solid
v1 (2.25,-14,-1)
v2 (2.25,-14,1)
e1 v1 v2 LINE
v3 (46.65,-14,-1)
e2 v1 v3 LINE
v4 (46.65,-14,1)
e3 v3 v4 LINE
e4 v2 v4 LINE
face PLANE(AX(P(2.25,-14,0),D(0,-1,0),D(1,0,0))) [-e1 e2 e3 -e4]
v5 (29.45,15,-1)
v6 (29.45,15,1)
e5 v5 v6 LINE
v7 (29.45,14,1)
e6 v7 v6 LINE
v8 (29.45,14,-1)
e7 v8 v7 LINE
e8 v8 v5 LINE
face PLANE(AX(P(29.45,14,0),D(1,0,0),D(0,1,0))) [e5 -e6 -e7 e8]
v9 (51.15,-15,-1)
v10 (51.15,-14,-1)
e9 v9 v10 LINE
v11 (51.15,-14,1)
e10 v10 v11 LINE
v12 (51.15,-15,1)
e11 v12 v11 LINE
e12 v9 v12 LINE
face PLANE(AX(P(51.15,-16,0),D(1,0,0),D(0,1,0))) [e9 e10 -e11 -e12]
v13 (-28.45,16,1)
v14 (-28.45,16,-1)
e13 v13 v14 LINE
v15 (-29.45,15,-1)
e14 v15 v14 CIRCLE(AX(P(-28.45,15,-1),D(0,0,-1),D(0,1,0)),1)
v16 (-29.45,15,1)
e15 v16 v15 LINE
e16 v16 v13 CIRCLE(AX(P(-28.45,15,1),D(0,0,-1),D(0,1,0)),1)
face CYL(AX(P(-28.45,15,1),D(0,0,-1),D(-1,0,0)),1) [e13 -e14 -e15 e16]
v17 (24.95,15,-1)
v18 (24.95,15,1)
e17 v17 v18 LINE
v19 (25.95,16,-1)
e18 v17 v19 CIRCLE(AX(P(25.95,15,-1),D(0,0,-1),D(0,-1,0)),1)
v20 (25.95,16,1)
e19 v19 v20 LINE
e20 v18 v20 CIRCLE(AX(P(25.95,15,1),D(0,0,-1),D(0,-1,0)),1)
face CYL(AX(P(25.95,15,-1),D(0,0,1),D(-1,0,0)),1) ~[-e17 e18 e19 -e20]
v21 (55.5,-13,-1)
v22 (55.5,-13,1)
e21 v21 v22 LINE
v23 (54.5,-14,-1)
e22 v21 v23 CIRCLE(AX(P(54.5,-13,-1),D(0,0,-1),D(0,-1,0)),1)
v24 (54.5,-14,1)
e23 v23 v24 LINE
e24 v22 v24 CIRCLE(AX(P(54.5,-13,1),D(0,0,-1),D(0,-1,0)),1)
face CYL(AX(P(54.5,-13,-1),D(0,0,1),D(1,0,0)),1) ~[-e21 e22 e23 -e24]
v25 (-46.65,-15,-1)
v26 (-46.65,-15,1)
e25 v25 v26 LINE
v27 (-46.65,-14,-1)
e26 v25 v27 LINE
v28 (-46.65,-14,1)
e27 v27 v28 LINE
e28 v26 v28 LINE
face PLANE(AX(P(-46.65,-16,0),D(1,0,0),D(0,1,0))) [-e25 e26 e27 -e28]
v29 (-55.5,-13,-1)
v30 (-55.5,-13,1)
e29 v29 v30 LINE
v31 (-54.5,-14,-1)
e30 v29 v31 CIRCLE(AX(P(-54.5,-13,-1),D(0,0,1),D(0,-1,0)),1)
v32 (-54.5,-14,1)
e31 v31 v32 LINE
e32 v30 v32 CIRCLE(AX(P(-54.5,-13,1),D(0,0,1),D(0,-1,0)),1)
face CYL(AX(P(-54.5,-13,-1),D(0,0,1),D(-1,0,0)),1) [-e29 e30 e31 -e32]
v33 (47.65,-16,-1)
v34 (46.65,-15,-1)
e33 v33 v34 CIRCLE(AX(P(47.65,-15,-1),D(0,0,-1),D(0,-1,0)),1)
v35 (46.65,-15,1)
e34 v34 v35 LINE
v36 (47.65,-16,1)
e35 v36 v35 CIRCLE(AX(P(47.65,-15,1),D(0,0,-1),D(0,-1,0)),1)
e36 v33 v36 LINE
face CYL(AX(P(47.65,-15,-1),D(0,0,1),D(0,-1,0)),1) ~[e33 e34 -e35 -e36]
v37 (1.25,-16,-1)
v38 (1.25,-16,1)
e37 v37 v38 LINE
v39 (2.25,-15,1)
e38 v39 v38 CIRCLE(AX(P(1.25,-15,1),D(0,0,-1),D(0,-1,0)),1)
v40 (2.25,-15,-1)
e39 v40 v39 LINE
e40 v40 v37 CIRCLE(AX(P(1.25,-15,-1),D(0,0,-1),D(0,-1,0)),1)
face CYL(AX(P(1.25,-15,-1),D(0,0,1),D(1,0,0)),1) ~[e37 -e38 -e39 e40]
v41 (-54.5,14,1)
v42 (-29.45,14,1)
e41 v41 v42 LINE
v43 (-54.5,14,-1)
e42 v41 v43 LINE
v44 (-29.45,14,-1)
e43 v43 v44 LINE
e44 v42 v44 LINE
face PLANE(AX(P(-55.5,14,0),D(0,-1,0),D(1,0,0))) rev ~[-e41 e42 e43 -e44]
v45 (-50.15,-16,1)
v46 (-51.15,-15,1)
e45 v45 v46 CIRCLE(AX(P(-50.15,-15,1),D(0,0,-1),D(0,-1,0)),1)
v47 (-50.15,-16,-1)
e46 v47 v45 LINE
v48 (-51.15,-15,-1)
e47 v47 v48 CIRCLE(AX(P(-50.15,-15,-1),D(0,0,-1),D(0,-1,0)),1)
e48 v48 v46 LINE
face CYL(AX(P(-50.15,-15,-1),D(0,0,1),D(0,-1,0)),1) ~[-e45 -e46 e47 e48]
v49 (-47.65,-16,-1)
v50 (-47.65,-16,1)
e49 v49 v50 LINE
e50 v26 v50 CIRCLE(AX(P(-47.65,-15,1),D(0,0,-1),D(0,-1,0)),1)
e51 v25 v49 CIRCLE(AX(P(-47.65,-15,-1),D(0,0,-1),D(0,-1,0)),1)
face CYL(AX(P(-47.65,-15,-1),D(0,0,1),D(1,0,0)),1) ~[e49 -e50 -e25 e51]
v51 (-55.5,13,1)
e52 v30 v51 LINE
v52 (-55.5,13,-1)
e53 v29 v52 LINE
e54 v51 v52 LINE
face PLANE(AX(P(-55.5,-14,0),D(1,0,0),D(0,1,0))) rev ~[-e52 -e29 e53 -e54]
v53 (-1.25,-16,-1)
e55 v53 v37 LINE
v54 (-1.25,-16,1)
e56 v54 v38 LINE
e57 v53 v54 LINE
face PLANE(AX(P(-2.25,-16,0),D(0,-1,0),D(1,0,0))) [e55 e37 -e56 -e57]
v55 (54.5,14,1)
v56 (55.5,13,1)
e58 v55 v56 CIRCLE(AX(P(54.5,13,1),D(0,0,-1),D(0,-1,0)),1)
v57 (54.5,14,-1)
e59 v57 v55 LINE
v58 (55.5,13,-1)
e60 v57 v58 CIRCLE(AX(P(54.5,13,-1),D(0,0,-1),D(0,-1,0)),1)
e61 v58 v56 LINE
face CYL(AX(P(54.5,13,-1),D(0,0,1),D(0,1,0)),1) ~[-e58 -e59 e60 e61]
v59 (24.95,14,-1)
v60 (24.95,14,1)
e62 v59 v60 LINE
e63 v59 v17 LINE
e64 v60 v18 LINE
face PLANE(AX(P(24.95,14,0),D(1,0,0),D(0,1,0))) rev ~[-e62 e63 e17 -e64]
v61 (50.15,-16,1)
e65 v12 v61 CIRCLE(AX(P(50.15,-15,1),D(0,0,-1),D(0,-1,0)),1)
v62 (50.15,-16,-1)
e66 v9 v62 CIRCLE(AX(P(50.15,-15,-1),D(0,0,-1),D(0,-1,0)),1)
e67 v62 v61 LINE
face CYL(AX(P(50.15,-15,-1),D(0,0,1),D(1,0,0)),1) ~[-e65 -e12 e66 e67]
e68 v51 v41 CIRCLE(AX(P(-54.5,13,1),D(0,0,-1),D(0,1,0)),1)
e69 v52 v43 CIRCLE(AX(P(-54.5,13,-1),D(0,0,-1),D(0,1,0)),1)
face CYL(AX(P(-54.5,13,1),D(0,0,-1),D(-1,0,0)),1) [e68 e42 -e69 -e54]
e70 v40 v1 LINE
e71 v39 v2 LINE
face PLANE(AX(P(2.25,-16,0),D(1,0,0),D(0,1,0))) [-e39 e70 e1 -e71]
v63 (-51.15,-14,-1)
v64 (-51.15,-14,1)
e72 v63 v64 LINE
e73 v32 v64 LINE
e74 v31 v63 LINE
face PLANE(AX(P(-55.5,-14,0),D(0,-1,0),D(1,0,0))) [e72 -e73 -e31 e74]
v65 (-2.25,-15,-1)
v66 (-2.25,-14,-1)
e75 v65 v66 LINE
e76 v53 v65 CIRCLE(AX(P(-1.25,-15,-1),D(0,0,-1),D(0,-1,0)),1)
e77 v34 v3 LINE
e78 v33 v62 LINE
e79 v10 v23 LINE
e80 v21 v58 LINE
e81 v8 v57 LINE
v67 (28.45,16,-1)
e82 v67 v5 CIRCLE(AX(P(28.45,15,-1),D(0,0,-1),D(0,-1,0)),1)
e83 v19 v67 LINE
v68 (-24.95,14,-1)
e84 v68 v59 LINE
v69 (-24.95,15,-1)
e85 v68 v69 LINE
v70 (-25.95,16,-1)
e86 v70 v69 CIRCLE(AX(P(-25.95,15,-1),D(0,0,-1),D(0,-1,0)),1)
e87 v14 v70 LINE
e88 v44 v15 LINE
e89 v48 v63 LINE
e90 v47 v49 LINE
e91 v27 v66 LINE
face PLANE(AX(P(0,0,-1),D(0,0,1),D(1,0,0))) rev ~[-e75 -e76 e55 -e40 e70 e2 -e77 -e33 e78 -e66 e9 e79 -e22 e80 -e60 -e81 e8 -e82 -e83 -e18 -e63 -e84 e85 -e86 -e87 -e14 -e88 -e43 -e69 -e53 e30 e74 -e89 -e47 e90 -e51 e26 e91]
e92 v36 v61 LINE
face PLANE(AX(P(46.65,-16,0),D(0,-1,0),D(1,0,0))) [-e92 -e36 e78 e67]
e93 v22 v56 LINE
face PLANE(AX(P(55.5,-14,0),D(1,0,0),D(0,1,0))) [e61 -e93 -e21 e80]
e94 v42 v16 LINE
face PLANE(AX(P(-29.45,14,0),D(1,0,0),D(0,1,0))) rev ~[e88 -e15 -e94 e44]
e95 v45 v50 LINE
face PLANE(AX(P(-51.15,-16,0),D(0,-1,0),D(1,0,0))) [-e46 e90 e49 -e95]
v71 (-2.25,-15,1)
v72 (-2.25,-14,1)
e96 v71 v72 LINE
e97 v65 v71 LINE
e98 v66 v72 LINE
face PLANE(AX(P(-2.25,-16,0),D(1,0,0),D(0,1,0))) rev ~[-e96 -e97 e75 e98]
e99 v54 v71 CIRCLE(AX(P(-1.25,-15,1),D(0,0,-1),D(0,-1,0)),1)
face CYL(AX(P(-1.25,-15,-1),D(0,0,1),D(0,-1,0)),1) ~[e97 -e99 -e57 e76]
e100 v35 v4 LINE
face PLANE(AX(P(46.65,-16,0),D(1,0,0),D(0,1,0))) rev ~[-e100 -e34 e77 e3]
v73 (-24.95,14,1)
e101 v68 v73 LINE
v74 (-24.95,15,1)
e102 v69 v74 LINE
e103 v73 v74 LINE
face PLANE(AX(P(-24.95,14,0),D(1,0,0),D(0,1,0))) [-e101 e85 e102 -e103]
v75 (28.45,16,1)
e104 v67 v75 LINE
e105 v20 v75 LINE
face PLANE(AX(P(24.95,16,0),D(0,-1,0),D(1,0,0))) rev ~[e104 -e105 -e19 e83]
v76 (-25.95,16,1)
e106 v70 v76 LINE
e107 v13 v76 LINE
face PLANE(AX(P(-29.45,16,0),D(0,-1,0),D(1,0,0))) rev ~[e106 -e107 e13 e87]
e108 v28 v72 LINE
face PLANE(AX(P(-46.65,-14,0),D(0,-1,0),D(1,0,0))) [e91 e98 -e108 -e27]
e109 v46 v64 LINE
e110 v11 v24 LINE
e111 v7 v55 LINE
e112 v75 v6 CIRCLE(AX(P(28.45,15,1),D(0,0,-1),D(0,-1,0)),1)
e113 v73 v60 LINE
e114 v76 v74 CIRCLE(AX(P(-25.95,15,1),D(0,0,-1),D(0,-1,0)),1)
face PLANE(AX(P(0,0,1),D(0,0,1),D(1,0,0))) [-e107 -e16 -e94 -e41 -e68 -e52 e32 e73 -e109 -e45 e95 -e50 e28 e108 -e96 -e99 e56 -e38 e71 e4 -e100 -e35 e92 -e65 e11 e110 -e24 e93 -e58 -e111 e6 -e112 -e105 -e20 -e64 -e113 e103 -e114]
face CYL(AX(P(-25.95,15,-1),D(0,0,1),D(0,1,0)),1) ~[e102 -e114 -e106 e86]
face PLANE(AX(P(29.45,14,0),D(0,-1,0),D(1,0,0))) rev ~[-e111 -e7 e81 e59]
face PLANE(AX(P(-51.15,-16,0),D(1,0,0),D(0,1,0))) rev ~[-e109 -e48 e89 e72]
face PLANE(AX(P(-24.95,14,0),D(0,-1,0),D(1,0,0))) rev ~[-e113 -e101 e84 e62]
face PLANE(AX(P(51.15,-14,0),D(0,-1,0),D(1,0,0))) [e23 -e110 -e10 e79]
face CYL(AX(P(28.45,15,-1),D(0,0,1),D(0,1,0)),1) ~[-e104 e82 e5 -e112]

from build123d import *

# Parameters (mm, degrees)
SKETCH1_W           = 111
SKETCH1_H           = 28
SKETCH1_W_2         = 4.5
SKETCH1_H_2         = 2
BOSS_EXTRUDE1_DEPTH = 1
FILLET1_R           = 1


with BuildPart() as part:
    # Sketch1 → Boss-Extrude1 (new, symmetric)
    with BuildSketch(Plane.XY):
        Rectangle(SKETCH1_W, SKETCH1_H)
        with Locations((0, -15)):
            Rectangle(SKETCH1_W_2, SKETCH1_H_2)
        with Locations((27.2, 15)):
            Rectangle(SKETCH1_W_2, SKETCH1_H_2)
        with Locations((-27.2, 15)):
            Rectangle(SKETCH1_W_2, SKETCH1_H_2)
        with Locations((-48.9, -15)):
            Rectangle(SKETCH1_W_2, SKETCH1_H_2)
        with Locations((48.9, -15)):
            Rectangle(SKETCH1_W_2, SKETCH1_H_2)
    extrude(amount=BOSS_EXTRUDE1_DEPTH, both=True)

    # Fillet1
    fillet1_edges = [part.edges().sort_by_distance(p)[0] for p in [
        (55.5, -14, 0),
        (2.25, -16, 0),
        (-2.25, -16, 0),
        (-55.5, -14, 0),
        (-55.5, 14, 0),
        (-29.45, 16, 0),
        (-24.95, 16, 0),
        (24.95, 16, 0),
        (29.45, 16, 0),
        (55.5, 14, 0),
        (-51.15, -16, 0),
        (-46.65, -16, 0),
        (46.65, -16, 0),
        (51.15, -16, 0),
    ]]
    fillet(fillet1_edges, radius=FILLET1_R)


solid = part.part
